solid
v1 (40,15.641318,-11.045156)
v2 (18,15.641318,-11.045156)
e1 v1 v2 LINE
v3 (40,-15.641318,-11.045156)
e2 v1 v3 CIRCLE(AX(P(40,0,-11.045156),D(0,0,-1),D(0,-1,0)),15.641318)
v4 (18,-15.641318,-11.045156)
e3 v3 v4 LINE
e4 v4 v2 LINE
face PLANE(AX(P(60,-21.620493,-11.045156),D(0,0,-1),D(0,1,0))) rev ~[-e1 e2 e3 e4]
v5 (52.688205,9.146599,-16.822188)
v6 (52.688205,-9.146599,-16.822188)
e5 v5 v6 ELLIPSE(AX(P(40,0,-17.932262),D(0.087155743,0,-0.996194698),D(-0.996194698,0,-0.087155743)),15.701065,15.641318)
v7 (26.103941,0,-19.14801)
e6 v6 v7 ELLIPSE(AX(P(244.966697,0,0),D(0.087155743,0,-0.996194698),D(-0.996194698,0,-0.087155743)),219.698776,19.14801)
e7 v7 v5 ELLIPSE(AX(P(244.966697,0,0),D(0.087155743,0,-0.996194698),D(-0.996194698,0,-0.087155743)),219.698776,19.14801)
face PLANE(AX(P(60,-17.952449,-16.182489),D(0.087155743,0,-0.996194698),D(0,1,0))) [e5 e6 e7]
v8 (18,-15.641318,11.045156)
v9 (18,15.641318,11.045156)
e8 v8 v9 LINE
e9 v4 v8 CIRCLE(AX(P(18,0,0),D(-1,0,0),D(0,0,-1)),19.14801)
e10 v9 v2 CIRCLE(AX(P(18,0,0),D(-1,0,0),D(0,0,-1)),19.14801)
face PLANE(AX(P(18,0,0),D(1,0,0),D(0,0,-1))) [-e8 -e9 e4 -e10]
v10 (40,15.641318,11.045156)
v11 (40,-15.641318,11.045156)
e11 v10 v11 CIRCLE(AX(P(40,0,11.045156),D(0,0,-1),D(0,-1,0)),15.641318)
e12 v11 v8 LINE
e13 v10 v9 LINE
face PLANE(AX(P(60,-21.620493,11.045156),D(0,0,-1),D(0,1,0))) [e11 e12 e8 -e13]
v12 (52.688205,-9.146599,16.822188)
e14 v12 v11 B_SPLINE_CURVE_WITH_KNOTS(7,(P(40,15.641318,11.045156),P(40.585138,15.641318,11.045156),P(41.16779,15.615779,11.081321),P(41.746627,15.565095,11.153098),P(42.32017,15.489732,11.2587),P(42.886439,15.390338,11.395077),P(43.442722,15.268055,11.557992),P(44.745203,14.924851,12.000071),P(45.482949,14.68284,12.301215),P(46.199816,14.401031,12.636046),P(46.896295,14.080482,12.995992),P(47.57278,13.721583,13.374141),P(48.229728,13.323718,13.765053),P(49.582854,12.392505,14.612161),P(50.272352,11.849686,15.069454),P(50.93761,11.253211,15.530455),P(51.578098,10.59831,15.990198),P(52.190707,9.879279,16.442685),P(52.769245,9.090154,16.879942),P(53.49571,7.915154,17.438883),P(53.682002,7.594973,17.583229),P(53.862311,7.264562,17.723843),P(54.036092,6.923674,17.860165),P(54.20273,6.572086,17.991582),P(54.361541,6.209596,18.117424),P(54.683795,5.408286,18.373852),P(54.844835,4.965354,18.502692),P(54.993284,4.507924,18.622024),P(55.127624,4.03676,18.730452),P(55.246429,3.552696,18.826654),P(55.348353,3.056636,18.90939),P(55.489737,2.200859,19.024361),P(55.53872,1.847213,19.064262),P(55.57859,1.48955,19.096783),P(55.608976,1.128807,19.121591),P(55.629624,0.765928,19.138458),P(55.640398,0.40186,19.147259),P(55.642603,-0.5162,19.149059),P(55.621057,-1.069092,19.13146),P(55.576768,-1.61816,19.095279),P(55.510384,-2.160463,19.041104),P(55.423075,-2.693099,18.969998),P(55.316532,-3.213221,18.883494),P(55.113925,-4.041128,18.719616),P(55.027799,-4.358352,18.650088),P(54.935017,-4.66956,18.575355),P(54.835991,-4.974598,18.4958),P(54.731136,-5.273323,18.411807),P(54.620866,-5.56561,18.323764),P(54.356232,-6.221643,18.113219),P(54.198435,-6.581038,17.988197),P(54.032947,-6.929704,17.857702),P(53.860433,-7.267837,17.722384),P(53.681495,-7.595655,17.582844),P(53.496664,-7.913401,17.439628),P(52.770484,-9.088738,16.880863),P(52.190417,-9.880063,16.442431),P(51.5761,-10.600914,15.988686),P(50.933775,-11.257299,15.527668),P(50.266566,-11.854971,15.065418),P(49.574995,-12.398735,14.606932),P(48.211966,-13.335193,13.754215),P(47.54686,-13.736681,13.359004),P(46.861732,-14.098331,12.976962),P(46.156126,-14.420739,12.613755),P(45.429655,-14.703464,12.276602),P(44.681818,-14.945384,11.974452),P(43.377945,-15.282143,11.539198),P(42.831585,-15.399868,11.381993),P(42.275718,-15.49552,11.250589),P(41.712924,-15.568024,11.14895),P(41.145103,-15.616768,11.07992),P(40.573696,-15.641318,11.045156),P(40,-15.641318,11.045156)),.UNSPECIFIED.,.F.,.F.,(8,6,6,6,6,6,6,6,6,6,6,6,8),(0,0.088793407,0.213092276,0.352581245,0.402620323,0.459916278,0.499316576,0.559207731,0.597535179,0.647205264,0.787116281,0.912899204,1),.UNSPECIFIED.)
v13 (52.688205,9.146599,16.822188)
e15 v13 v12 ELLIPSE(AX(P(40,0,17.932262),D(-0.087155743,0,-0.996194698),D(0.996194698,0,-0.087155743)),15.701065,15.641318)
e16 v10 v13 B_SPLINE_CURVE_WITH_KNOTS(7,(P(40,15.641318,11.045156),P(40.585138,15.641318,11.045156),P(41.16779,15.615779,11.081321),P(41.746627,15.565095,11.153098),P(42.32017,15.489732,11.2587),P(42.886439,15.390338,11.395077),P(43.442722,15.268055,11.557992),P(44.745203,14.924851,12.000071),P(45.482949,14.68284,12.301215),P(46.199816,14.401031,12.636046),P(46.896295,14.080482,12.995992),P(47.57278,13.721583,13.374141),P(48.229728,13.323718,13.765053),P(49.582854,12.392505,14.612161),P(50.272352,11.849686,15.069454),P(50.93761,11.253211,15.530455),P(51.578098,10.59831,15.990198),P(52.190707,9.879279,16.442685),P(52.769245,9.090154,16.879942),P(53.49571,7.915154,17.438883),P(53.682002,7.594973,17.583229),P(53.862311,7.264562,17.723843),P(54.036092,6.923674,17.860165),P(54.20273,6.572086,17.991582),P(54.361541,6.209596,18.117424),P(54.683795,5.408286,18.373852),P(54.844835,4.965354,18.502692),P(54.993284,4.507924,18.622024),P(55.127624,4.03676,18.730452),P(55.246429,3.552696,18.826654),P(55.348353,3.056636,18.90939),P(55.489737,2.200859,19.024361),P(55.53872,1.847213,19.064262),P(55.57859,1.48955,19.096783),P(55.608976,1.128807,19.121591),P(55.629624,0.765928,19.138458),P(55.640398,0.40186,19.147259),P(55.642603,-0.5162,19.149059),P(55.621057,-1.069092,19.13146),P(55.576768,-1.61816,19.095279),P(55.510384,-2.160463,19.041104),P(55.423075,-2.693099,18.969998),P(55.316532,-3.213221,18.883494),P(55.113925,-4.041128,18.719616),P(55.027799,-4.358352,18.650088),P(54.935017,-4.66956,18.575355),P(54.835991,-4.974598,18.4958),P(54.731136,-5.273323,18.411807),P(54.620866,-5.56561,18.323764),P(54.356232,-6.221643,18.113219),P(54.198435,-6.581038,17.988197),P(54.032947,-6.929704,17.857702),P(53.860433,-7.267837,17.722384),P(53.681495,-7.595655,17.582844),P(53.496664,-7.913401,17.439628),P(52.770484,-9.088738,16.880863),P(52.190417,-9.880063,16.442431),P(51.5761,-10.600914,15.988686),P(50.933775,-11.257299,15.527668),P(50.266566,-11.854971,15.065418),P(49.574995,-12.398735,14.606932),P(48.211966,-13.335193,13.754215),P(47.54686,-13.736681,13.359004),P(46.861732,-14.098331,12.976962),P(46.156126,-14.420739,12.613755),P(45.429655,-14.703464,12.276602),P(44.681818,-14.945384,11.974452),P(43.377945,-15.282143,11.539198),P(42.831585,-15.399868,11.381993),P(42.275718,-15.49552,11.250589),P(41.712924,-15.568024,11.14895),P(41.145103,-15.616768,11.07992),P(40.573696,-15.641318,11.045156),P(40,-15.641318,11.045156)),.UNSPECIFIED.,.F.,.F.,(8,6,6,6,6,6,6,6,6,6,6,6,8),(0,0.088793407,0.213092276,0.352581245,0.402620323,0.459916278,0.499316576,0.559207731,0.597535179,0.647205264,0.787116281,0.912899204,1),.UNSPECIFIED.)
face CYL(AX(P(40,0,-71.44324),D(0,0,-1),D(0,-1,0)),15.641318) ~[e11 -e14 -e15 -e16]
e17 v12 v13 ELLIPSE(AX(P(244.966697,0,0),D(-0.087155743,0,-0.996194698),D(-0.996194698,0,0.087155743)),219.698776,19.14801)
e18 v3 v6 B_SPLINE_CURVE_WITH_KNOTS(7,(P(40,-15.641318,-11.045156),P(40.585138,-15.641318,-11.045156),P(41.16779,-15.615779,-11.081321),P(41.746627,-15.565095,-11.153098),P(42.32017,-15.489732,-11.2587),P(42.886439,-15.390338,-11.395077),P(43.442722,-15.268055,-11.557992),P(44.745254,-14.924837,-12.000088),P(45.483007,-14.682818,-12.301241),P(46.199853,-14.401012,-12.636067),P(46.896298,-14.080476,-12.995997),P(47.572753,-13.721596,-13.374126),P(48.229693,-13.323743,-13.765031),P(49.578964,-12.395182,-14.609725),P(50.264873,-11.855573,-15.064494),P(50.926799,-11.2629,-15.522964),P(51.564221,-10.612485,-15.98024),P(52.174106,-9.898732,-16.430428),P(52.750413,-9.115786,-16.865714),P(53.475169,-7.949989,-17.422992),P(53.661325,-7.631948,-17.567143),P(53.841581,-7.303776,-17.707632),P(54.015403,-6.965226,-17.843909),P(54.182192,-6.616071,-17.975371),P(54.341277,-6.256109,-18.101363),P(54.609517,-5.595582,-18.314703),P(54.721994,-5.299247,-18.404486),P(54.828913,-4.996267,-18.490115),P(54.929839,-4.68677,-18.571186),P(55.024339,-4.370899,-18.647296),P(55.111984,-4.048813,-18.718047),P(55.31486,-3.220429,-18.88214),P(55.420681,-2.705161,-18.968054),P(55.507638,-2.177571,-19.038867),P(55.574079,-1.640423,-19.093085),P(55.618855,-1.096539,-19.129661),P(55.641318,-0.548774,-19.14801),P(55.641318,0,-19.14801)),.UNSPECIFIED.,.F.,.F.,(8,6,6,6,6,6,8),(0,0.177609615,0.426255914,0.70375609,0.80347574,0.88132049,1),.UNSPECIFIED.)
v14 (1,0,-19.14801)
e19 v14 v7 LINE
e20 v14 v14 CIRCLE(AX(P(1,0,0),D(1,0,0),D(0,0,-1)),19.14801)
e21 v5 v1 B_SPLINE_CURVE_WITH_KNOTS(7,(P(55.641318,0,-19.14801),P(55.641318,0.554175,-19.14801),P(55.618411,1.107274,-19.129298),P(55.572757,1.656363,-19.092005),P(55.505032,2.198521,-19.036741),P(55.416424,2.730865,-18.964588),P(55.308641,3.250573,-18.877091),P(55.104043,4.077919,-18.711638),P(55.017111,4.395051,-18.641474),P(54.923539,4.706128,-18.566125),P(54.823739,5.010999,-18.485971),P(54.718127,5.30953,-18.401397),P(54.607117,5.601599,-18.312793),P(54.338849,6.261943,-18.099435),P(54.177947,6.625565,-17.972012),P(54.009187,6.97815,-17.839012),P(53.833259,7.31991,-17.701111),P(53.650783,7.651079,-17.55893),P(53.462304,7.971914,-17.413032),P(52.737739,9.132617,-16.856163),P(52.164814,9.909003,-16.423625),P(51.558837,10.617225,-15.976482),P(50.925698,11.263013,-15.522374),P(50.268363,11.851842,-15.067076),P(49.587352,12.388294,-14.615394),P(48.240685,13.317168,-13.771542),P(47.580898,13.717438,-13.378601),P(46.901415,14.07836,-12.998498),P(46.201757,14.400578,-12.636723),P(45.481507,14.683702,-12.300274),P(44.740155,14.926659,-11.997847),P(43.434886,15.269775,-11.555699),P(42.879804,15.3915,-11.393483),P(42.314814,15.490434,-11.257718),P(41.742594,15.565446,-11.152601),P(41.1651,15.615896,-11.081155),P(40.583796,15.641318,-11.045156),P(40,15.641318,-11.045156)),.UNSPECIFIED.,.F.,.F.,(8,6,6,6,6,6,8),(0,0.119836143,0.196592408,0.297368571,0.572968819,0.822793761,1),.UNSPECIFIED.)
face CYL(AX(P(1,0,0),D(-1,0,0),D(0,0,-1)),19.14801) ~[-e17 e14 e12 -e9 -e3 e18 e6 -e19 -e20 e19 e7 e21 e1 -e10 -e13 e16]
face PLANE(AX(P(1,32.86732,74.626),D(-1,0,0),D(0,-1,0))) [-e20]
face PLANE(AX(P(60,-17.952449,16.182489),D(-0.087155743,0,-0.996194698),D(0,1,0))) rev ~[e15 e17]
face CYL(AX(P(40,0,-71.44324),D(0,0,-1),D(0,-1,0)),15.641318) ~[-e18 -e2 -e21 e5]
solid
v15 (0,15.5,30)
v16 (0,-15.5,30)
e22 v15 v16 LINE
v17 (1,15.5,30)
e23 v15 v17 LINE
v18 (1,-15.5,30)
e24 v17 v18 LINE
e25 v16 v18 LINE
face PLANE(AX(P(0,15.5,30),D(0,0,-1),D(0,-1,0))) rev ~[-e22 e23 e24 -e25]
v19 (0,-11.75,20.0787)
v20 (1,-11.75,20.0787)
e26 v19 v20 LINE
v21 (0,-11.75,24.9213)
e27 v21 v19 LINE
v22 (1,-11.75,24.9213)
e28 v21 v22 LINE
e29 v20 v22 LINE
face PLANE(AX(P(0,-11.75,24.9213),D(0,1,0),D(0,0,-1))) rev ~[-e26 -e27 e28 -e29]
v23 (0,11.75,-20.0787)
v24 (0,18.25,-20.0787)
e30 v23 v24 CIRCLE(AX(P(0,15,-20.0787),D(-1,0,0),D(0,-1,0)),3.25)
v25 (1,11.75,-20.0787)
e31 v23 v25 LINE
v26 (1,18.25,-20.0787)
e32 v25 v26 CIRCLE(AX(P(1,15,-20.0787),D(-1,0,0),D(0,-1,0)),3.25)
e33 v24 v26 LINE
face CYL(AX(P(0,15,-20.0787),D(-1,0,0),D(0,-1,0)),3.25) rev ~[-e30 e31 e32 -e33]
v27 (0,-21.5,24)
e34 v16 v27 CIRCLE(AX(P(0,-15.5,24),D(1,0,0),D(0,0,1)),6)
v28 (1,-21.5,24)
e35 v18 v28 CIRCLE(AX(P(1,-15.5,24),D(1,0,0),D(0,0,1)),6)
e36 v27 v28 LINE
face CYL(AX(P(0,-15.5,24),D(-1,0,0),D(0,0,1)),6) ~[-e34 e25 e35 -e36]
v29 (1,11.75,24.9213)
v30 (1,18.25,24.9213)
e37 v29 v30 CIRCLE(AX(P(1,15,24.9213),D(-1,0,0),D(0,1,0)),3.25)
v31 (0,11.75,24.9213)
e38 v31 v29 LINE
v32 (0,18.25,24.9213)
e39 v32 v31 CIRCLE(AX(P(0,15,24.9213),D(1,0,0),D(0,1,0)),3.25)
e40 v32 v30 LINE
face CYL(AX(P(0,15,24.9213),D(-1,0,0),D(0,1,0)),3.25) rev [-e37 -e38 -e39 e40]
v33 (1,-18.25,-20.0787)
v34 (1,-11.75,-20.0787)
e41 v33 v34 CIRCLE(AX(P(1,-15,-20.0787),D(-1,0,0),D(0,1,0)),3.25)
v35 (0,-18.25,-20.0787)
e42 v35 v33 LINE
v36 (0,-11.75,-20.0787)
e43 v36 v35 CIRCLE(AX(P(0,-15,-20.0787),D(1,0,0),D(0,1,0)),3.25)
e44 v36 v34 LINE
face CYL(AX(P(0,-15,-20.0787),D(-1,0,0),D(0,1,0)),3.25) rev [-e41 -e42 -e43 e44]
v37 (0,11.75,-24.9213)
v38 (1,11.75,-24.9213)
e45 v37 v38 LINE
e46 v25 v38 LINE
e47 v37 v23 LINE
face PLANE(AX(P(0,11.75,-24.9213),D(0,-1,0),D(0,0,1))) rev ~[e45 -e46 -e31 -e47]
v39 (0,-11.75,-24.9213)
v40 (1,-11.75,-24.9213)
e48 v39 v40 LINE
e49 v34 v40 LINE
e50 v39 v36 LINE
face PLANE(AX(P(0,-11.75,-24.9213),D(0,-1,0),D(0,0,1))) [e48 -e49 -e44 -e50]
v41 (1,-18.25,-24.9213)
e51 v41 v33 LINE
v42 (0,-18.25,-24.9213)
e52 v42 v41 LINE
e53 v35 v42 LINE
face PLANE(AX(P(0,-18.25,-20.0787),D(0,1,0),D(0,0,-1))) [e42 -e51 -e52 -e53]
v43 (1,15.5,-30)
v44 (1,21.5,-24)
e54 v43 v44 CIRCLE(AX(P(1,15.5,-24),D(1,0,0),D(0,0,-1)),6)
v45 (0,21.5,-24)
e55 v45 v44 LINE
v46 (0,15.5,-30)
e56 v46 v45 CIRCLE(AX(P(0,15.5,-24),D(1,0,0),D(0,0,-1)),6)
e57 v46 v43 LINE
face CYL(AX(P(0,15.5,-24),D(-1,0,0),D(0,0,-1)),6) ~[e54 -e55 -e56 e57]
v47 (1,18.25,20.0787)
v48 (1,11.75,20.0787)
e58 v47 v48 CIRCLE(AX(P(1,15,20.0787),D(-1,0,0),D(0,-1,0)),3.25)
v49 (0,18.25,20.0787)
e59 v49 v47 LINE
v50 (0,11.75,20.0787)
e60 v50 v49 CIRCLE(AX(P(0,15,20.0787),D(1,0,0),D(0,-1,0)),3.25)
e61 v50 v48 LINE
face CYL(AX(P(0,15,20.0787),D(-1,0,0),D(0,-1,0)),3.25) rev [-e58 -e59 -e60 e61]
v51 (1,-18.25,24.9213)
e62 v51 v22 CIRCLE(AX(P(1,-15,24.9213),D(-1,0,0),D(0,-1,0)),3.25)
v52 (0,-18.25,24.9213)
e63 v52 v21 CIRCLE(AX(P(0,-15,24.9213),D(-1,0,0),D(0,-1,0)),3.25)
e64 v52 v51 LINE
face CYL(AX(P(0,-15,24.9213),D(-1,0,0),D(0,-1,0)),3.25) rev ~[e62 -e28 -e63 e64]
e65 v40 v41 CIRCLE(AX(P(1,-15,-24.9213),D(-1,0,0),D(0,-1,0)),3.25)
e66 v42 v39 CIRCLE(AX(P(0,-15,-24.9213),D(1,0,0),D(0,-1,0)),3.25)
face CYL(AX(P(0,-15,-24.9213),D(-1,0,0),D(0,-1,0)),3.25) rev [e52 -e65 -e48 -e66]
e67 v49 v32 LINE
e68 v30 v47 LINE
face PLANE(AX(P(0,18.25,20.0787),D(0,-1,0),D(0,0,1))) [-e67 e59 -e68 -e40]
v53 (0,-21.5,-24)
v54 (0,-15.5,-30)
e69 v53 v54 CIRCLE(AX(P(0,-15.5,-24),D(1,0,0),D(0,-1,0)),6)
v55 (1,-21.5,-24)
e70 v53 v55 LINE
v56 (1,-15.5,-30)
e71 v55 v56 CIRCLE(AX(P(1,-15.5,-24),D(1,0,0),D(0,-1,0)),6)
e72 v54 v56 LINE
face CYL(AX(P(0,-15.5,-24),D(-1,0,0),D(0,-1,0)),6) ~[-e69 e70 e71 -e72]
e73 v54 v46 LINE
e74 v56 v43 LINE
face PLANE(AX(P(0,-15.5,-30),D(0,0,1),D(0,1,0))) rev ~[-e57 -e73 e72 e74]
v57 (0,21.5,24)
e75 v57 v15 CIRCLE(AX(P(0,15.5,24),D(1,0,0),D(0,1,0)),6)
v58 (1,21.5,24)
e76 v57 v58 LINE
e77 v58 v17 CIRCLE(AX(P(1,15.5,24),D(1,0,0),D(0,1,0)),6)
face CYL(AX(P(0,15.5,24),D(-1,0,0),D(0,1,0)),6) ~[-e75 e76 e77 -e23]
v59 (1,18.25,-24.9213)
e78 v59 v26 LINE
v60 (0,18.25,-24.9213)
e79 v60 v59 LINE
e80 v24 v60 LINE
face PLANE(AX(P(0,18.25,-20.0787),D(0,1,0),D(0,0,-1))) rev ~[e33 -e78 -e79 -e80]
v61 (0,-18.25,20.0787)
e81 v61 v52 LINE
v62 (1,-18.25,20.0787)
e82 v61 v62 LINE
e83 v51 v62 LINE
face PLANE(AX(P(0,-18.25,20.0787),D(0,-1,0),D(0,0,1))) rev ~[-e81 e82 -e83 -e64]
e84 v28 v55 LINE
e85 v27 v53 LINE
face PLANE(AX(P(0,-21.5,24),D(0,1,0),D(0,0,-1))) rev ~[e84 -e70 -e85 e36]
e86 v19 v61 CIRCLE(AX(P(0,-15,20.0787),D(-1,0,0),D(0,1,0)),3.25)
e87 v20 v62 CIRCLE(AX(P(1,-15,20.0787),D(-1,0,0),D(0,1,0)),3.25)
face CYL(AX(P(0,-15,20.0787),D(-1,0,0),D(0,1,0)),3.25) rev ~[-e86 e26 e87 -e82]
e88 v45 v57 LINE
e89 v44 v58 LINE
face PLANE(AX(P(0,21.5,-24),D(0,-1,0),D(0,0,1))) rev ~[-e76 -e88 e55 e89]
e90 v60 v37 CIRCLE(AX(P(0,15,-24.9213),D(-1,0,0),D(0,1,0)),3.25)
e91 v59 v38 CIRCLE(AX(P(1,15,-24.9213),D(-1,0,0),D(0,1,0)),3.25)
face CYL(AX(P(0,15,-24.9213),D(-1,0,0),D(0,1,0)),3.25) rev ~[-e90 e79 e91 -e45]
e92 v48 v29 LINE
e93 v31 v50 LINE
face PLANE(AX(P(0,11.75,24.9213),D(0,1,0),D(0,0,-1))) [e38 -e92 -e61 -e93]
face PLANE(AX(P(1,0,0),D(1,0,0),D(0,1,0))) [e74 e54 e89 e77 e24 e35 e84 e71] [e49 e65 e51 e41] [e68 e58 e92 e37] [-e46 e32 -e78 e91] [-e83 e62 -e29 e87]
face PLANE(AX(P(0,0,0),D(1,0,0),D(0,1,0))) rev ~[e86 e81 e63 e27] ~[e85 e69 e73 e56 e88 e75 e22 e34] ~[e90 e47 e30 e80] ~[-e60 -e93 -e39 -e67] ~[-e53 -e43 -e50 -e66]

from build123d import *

# Parameters (mm, degrees)
SKETCH_1_R                     = 1.5
EXTRUDE_1_DEPTH                = 1
SKETCH_2_R                     = 19.148010015
EXTRUDE_2_DEPTH                = 59
SKETCH_3_W                     = 18.03673264
SKETCH_3_H                     = 38.517695405
CUT_EXTRUDE_1_DEPTH            = 56
CUT_EXTRUDE_1_DRAFT            = -5
CUT_EXTRUDE_1_PROFILE_2_DEPTH  = 56
CUT_EXTRUDE_1_PROFILE_2_DRAFT  = -5
SKETCH_4_R                     = 20
EXTRUDE_3_DEPTH                = 10
SKETCH_5_W                     = 22.090311304
SKETCH_5_H                     = 43.24098638
CUT_EXTRUDE_2_DEPTH            = 42
CUT_EXTRUDE_3_DEPTH            = 71.443239562
CUT_EXTRUDE_3_DEPTH_BACK       = 71.443239562
SPLIT_BODIES_1_SURFACE_1_BACK  = 96.126
SPLIT_BODIES_1_SURFACE_1_DEPTH = 192.252
SPLIT_BODIES_1_SURFACE_2_BACK  = 96.126
SPLIT_BODIES_1_SURFACE_2_DEPTH = 192.252
MOVE_BODY_1_ANGLE              = 90
CUT_EXTRUDE_4_DEPTH            = 10


with BuildPart() as part:
    # 草图1 → 凸台-拉伸1 (new body)
    with BuildSketch(Plane(origin=(0, 0, 0), x_dir=(0, 0, -1), z_dir=(1, 0, 0))):
        with BuildLine():
            Line((-15.5, -30), (15.5, -30))
            ThreePointArc((15.5, -30), (19.742640687, -28.242640687), (21.5, -24))
            Line((21.5, -24), (21.5, 24))
            ThreePointArc((21.5, 24), (19.742640687, 28.242640687), (15.5, 30))
            Line((15.5, 30), (-15.5, 30))
            ThreePointArc((-15.5, 30), (-19.742640687, 28.242640687), (-21.5, 24))
            Line((-21.5, 24), (-21.5, -24))
            ThreePointArc((-21.5, -24), (-19.742640687, -28.242640687), (-15.5, -30))
        make_face()
        with Locations((15, 22.5)):
            Circle(SKETCH_1_R, mode=Mode.SUBTRACT)
        with Locations(Location((-15, 22.5, 0), (0, 0, 180))):
            Circle(SKETCH_1_R, mode=Mode.SUBTRACT)
        with Locations(Location((15, -22.5, 0), (0, 0, 180))):
            Circle(SKETCH_1_R, mode=Mode.SUBTRACT)
        with Locations((-15, -22.5)):
            Circle(SKETCH_1_R, mode=Mode.SUBTRACT)
    extrude(amount=EXTRUDE_1_DEPTH)

    # 草图2 → 凸台-拉伸2 (add)
    with BuildSketch(Plane(origin=(1, 0, 0), x_dir=(0, 0, -1), z_dir=(1, 0, 0))):
        Circle(SKETCH_2_R)
    extrude(amount=EXTRUDE_2_DEPTH)


with BuildPart() as cut_extrude_1_tool:
    # 草图3 → 切除-拉伸1 (with draft: the straight prism first)
    with BuildSketch(Plane(origin=(60, 0, 0), x_dir=(0, 0, -1), z_dir=(1, 0, 0))):
        with Locations((-25.200855418, 1.306398859)):
            Rectangle(SKETCH_3_W, SKETCH_3_H)
    extrude(amount=-CUT_EXTRUDE_1_DEPTH)
    # 切除-拉伸1: the draft: its side faces are tilted about the plane it starts from
    cut_extrude_1_sides = [cut_extrude_1_tool.faces().sort_by_distance(p)[0] for p in [
        (32, 1.306398859, 34.219221738),
        (32, -17.952448843, 25.200855418),
        (32, 1.306398859, 16.182489098),
        (32, 20.565246562, 25.200855418),
    ]]
    draft(cut_extrude_1_sides, Plane(origin=(60, 0, 0), x_dir=(0, 0, -1), z_dir=(1, 0, 0)), CUT_EXTRUDE_1_DRAFT)


with BuildPart() as part_1:
    add(part.part)

    # 切除-拉伸1: cut by cut_extrude_1_tool
    add(cut_extrude_1_tool.part, mode=Mode.SUBTRACT)


with BuildPart() as cut_extrude_1_profile_2_tool:
    # 草图3 → 切除-拉伸1 profile 2 (with draft: the straight prism first)
    with BuildSketch(Plane(origin=(60, 0, 0), x_dir=(0, 0, -1), z_dir=(1, 0, 0))):
        with Locations((25.200855418, 1.306398859)):
            Rectangle(SKETCH_3_W, SKETCH_3_H)
    extrude(amount=-CUT_EXTRUDE_1_PROFILE_2_DEPTH)
    # 切除-拉伸1 profile 2: the draft: its side faces are tilted about the plane it starts from
    cut_extrude_1_profile_2_sides = [cut_extrude_1_profile_2_tool.faces().sort_by_distance(p)[0] for p in [
        (32, 1.306398859, -16.182489098),
        (32, -17.952448843, -25.200855418),
        (32, 1.306398859, -34.219221738),
        (32, 20.565246562, -25.200855418),
    ]]
    draft(cut_extrude_1_profile_2_sides, Plane(origin=(60, 0, 0), x_dir=(0, 0, -1), z_dir=(1, 0, 0)), CUT_EXTRUDE_1_PROFILE_2_DRAFT)


with BuildPart() as part_2:
    add(part_1.part)

    # 切除-拉伸1 profile 2: cut by cut_extrude_1_profile_2_tool
    add(cut_extrude_1_profile_2_tool.part, mode=Mode.SUBTRACT)

    # 草图5 → 切除-拉伸2 (cut)
    with BuildSketch(Plane(origin=(60, 0, 0), x_dir=(0, 0, -1), z_dir=(1, 0, 0))):
        Rectangle(SKETCH_5_W, SKETCH_5_H)
    extrude(amount=-CUT_EXTRUDE_2_DEPTH, mode=Mode.SUBTRACT)

    # 草图6 → 切除-拉伸3 (cut, two sides: drawn at the far end of the back side and taken through both)
    with BuildSketch(Plane.XY.offset(-CUT_EXTRUDE_3_DEPTH_BACK)):
        with BuildLine():
            Line((40, 15.641317852), (60, 15.641317852))
            Line((60, 15.641317852), (60, -15.641317852))
            Line((60, -15.641317852), (40, -15.641317852))
            ThreePointArc((40, -15.641317852), (55.641317852, 0), (40, 15.641317852))
        make_face()
    extrude(amount=CUT_EXTRUDE_3_DEPTH + CUT_EXTRUDE_3_DEPTH_BACK, mode=Mode.SUBTRACT)


with BuildPart() as body_2:
    # 草图4 → 凸台-拉伸3 (new, symmetric)
    with BuildSketch(Plane.XY):
        with Locations((40, 0)):
            Circle(SKETCH_4_R)
    extrude(amount=EXTRUDE_3_DEPTH, both=True)


with BuildPart() as body_3:
    # Split Bodies 1: the piece behind the surface
    add(part_2.part)
    # Split Bodies 1 surface: a surface, the sketch's curves swept straight by 192.252 mm
    with BuildLine(Plane(origin=(0, 0, -21.5), x_dir=(-1, 0, 0), z_dir=(0, 0, -1)).offset(-SPLIT_BODIES_1_SURFACE_1_BACK), mode=Mode.PRIVATE) as split_bodies_1_surface_1_path:
        Line((-1, 32.867320156), (-1, -33.990989222))
    split_bodies_1_surface_1 = Shell.extrude(split_bodies_1_surface_1_path.wire(), (0 * SPLIT_BODIES_1_SURFACE_1_DEPTH, 0 * SPLIT_BODIES_1_SURFACE_1_DEPTH, -1 * SPLIT_BODIES_1_SURFACE_1_DEPTH))
    split(bisect_by=split_bodies_1_surface_1, keep=Keep.BOTTOM)


with BuildPart() as part_3:
    add(part_2.part)

    # Split Bodies 1: split by a surface, the side it looks to stays
    # Split Bodies 1 surface: a surface, the sketch's curves swept straight by 192.252 mm
    with BuildLine(Plane(origin=(0, 0, -21.5), x_dir=(-1, 0, 0), z_dir=(0, 0, -1)).offset(-SPLIT_BODIES_1_SURFACE_2_BACK), mode=Mode.PRIVATE) as split_bodies_1_surface_2_path:
        Line((-1, 32.867320156), (-1, -33.990989222))
    split_bodies_1_surface_2 = Shell.extrude(split_bodies_1_surface_2_path.wire(), (0 * SPLIT_BODIES_1_SURFACE_2_DEPTH, 0 * SPLIT_BODIES_1_SURFACE_2_DEPTH, -1 * SPLIT_BODIES_1_SURFACE_2_DEPTH))
    split(bisect_by=split_bodies_1_surface_2, keep=Keep.TOP)


with BuildPart() as part_4:
    # Move Body 1: moved
    add(part_3.part.rotate(Axis((0, 0, 0), (1, 0, 0)), MOVE_BODY_1_ANGLE))

    # 草图8 → 切除-拉伸4 (cut)
    with BuildSketch(Plane.ZY):
        with BuildLine():
            Line((20.07870017, 18.25), (24.92129983, 18.25))
            ThreePointArc((24.92129983, 18.25), (28.17129983, 15), (24.92129983, 11.75))
            Line((24.92129983, 11.75), (20.07870017, 11.75))
            ThreePointArc((20.07870017, 11.75), (16.82870017, 15), (20.07870017, 18.25))
        make_face()
        with BuildLine():
            Line((20.07870017, -18.25), (24.92129983, -18.25))
            ThreePointArc((24.92129983, -18.25), (28.17129983, -15), (24.92129983, -11.75))
            Line((24.92129983, -11.75), (20.07870017, -11.75))
            ThreePointArc((20.07870017, -11.75), (16.82870017, -15), (20.07870017, -18.25))
        make_face()
        with BuildLine():
            Line((-20.07870017, -18.25), (-24.92129983, -18.25))
            ThreePointArc((-24.92129983, -18.25), (-28.17129983, -15), (-24.92129983, -11.75))
            Line((-24.92129983, -11.75), (-20.07870017, -11.75))
            ThreePointArc((-20.07870017, -11.75), (-16.82870017, -15), (-20.07870017, -18.25))
        make_face()
        with BuildLine():
            Line((-20.07870017, 18.25), (-24.92129983, 18.25))
            ThreePointArc((-24.92129983, 18.25), (-28.17129983, 15), (-24.92129983, 11.75))
            Line((-24.92129983, 11.75), (-20.07870017, 11.75))
            ThreePointArc((-20.07870017, 11.75), (-16.82870017, 15), (-20.07870017, 18.25))
        make_face()
    extrude(amount=-CUT_EXTRUDE_4_DEPTH, mode=Mode.SUBTRACT)


solid = Compound([body_3.part, part_4.part])
